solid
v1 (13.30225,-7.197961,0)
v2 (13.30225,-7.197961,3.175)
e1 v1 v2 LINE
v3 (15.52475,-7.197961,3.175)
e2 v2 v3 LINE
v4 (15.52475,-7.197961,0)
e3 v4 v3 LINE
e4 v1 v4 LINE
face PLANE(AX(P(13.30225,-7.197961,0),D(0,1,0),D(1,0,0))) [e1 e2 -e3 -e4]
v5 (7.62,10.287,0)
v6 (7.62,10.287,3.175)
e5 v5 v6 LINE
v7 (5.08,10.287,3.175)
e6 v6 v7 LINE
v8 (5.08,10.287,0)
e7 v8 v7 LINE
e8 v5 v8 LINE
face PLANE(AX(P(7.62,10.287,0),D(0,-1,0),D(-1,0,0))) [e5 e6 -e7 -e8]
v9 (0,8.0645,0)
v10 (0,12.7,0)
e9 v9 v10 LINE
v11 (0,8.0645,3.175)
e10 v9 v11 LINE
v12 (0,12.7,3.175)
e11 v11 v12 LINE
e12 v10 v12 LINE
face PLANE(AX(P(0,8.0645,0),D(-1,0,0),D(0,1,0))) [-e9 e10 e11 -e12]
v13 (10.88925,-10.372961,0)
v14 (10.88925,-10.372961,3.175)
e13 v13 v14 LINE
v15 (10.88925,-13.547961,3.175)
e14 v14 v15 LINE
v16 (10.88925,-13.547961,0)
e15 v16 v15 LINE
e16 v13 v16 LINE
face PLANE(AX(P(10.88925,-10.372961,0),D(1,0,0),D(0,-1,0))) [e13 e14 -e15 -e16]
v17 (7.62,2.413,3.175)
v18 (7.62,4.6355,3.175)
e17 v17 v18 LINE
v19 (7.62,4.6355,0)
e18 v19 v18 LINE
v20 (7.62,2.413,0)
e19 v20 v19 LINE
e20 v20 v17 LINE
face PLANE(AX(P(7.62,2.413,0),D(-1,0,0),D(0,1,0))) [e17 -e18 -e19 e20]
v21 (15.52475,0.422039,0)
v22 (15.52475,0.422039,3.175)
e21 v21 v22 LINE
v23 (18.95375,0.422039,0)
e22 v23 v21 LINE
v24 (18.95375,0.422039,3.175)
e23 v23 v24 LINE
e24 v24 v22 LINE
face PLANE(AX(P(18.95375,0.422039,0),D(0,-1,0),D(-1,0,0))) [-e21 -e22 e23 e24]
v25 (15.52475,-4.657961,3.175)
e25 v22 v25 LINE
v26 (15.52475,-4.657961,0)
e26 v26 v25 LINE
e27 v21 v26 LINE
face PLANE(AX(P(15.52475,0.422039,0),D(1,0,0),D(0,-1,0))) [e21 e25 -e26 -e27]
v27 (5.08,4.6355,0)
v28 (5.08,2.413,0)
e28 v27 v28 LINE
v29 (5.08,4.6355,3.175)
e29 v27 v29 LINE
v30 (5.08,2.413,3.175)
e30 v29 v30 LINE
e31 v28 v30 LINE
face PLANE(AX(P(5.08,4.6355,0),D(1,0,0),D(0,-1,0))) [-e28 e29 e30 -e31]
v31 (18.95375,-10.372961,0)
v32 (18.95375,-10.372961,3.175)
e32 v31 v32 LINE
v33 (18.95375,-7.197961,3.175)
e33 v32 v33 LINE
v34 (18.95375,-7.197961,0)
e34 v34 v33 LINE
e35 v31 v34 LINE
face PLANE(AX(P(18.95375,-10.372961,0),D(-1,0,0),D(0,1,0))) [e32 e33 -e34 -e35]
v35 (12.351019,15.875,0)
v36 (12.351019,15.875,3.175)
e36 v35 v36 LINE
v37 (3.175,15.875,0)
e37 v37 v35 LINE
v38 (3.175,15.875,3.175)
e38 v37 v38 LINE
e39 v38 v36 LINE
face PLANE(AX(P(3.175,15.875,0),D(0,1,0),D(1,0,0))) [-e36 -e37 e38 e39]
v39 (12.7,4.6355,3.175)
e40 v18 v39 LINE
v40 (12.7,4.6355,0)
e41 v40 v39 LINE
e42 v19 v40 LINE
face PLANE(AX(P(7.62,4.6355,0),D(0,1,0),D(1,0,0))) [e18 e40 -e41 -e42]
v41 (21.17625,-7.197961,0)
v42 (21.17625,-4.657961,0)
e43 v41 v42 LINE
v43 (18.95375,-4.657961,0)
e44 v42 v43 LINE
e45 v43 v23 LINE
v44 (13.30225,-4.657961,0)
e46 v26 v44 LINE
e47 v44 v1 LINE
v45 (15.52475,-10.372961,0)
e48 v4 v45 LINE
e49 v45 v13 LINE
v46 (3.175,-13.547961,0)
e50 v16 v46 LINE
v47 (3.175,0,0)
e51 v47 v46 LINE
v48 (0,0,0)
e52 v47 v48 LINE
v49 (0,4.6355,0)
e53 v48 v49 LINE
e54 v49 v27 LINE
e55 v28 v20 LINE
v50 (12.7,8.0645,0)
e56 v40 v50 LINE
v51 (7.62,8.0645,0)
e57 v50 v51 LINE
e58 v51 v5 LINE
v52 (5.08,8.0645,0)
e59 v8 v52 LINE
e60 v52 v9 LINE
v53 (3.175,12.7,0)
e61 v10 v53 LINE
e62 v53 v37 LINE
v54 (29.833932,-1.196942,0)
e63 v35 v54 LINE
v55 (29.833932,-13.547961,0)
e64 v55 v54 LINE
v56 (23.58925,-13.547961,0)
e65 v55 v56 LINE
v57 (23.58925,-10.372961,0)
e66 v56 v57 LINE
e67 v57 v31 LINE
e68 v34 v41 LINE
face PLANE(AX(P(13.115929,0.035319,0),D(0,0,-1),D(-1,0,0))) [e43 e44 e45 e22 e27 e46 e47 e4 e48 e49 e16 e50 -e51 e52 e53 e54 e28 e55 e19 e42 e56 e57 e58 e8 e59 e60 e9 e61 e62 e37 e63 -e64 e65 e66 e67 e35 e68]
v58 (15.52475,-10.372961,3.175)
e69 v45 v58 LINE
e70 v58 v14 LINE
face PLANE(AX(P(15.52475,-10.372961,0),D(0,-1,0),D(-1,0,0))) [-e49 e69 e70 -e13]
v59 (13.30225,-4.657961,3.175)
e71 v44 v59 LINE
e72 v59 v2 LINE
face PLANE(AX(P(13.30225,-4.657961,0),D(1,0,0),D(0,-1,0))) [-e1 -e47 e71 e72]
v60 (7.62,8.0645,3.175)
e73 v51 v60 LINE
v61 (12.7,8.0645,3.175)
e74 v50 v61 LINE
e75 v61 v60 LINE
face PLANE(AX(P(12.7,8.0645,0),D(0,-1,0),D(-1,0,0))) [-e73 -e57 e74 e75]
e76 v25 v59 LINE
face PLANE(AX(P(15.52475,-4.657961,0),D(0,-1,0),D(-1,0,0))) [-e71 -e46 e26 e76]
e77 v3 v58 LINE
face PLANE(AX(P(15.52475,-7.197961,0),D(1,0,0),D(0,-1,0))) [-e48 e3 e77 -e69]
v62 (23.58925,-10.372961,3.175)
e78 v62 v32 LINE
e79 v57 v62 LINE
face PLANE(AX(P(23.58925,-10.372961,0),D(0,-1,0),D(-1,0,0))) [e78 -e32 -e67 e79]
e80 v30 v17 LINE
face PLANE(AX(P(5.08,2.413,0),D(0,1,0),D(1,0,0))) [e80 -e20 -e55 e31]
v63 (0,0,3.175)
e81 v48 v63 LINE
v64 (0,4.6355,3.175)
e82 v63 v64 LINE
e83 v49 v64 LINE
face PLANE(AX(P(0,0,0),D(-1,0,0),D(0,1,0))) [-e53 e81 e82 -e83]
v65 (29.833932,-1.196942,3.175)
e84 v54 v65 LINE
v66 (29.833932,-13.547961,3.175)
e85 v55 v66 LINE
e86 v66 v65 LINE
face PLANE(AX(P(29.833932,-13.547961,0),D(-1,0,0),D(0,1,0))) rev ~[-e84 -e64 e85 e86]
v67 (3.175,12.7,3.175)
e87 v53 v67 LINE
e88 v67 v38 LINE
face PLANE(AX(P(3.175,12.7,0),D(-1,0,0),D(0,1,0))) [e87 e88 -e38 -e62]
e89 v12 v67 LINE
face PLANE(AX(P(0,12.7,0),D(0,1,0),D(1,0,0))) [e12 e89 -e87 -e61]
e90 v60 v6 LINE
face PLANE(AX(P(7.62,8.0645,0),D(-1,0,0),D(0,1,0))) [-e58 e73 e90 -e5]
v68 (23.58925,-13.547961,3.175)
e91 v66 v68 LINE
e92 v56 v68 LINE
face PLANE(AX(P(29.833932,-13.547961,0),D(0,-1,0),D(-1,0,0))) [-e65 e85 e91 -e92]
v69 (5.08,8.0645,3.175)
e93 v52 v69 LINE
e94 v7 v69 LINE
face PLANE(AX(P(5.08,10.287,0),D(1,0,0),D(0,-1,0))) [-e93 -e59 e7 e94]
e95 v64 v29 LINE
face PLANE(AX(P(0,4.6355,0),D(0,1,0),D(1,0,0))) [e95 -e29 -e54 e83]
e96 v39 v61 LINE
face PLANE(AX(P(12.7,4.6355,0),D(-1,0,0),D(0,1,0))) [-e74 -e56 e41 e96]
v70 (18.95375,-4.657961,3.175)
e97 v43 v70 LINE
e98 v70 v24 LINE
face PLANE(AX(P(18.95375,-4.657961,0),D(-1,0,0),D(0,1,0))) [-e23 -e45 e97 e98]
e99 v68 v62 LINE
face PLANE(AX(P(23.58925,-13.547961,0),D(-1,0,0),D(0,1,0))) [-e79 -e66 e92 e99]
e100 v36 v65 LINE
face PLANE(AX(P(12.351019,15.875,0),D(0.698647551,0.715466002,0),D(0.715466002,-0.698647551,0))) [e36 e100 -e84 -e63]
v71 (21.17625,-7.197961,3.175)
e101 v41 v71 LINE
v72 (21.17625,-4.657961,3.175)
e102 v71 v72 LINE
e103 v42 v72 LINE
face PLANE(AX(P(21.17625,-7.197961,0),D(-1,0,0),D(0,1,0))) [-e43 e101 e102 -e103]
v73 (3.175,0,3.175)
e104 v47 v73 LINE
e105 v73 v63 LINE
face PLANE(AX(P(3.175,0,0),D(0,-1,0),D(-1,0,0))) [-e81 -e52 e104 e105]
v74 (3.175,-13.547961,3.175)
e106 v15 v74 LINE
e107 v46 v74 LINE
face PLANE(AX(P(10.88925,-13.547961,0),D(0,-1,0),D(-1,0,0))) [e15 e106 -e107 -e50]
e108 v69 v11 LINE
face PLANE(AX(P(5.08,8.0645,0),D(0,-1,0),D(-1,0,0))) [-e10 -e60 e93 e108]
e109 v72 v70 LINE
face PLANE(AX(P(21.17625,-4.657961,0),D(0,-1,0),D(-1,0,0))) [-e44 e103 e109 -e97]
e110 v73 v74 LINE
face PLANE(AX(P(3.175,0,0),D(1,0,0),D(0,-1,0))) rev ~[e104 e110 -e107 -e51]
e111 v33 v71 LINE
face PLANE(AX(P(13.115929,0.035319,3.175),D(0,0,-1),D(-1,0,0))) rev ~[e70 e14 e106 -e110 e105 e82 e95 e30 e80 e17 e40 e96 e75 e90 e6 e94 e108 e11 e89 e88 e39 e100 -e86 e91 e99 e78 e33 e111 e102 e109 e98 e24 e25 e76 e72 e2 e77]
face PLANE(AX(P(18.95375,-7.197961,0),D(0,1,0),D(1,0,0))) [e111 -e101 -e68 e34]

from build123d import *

# Parameters (mm, degrees)
BOSS_EXTRUDE1_DEPTH = 3.175


with BuildPart() as part:
    # Sketch1 → Boss-Extrude1 (new body)
    with BuildSketch(Plane.XY):
        Polygon((0, 0), (0, 4.6355), (5.08, 4.6355), (5.08, 2.413), (7.62, 2.413), (7.62, 4.6355), (12.7, 4.6355), (12.7, 8.0645), (7.62, 8.0645), (7.62, 10.287), (5.08, 10.287), (5.08, 8.0645), (0, 8.0645), (0, 12.7), (3.175, 12.7), (3.175, 15.875), (12.351019445, 15.875), (29.833931672, -1.196941607), (29.833931672, -10.372961052), (29.833931672, -13.547961052), (23.589249692, -13.547961052), (23.589249692, -10.372961052), (18.953749692, -10.372961052), (18.953749692, -7.197961052), (21.176249692, -7.197961052), (21.176249692, -4.657961052), (18.953749692, -4.657961052), (18.953749692, 0.422038948), (15.524749692, 0.422038948), (15.524749692, -4.657961052), (13.302249692, -4.657961052), (13.302249692, -7.197961052), (15.524749692, -7.197961052), (15.524749692, -10.372961052), (10.889249692, -10.372961052), (10.889249692, -13.547961052), (3.175, -13.547961052), (3.175, -10.372961052), (3.175, 0), align=None)
    extrude(amount=BOSS_EXTRUDE1_DEPTH)


solid = part.part
